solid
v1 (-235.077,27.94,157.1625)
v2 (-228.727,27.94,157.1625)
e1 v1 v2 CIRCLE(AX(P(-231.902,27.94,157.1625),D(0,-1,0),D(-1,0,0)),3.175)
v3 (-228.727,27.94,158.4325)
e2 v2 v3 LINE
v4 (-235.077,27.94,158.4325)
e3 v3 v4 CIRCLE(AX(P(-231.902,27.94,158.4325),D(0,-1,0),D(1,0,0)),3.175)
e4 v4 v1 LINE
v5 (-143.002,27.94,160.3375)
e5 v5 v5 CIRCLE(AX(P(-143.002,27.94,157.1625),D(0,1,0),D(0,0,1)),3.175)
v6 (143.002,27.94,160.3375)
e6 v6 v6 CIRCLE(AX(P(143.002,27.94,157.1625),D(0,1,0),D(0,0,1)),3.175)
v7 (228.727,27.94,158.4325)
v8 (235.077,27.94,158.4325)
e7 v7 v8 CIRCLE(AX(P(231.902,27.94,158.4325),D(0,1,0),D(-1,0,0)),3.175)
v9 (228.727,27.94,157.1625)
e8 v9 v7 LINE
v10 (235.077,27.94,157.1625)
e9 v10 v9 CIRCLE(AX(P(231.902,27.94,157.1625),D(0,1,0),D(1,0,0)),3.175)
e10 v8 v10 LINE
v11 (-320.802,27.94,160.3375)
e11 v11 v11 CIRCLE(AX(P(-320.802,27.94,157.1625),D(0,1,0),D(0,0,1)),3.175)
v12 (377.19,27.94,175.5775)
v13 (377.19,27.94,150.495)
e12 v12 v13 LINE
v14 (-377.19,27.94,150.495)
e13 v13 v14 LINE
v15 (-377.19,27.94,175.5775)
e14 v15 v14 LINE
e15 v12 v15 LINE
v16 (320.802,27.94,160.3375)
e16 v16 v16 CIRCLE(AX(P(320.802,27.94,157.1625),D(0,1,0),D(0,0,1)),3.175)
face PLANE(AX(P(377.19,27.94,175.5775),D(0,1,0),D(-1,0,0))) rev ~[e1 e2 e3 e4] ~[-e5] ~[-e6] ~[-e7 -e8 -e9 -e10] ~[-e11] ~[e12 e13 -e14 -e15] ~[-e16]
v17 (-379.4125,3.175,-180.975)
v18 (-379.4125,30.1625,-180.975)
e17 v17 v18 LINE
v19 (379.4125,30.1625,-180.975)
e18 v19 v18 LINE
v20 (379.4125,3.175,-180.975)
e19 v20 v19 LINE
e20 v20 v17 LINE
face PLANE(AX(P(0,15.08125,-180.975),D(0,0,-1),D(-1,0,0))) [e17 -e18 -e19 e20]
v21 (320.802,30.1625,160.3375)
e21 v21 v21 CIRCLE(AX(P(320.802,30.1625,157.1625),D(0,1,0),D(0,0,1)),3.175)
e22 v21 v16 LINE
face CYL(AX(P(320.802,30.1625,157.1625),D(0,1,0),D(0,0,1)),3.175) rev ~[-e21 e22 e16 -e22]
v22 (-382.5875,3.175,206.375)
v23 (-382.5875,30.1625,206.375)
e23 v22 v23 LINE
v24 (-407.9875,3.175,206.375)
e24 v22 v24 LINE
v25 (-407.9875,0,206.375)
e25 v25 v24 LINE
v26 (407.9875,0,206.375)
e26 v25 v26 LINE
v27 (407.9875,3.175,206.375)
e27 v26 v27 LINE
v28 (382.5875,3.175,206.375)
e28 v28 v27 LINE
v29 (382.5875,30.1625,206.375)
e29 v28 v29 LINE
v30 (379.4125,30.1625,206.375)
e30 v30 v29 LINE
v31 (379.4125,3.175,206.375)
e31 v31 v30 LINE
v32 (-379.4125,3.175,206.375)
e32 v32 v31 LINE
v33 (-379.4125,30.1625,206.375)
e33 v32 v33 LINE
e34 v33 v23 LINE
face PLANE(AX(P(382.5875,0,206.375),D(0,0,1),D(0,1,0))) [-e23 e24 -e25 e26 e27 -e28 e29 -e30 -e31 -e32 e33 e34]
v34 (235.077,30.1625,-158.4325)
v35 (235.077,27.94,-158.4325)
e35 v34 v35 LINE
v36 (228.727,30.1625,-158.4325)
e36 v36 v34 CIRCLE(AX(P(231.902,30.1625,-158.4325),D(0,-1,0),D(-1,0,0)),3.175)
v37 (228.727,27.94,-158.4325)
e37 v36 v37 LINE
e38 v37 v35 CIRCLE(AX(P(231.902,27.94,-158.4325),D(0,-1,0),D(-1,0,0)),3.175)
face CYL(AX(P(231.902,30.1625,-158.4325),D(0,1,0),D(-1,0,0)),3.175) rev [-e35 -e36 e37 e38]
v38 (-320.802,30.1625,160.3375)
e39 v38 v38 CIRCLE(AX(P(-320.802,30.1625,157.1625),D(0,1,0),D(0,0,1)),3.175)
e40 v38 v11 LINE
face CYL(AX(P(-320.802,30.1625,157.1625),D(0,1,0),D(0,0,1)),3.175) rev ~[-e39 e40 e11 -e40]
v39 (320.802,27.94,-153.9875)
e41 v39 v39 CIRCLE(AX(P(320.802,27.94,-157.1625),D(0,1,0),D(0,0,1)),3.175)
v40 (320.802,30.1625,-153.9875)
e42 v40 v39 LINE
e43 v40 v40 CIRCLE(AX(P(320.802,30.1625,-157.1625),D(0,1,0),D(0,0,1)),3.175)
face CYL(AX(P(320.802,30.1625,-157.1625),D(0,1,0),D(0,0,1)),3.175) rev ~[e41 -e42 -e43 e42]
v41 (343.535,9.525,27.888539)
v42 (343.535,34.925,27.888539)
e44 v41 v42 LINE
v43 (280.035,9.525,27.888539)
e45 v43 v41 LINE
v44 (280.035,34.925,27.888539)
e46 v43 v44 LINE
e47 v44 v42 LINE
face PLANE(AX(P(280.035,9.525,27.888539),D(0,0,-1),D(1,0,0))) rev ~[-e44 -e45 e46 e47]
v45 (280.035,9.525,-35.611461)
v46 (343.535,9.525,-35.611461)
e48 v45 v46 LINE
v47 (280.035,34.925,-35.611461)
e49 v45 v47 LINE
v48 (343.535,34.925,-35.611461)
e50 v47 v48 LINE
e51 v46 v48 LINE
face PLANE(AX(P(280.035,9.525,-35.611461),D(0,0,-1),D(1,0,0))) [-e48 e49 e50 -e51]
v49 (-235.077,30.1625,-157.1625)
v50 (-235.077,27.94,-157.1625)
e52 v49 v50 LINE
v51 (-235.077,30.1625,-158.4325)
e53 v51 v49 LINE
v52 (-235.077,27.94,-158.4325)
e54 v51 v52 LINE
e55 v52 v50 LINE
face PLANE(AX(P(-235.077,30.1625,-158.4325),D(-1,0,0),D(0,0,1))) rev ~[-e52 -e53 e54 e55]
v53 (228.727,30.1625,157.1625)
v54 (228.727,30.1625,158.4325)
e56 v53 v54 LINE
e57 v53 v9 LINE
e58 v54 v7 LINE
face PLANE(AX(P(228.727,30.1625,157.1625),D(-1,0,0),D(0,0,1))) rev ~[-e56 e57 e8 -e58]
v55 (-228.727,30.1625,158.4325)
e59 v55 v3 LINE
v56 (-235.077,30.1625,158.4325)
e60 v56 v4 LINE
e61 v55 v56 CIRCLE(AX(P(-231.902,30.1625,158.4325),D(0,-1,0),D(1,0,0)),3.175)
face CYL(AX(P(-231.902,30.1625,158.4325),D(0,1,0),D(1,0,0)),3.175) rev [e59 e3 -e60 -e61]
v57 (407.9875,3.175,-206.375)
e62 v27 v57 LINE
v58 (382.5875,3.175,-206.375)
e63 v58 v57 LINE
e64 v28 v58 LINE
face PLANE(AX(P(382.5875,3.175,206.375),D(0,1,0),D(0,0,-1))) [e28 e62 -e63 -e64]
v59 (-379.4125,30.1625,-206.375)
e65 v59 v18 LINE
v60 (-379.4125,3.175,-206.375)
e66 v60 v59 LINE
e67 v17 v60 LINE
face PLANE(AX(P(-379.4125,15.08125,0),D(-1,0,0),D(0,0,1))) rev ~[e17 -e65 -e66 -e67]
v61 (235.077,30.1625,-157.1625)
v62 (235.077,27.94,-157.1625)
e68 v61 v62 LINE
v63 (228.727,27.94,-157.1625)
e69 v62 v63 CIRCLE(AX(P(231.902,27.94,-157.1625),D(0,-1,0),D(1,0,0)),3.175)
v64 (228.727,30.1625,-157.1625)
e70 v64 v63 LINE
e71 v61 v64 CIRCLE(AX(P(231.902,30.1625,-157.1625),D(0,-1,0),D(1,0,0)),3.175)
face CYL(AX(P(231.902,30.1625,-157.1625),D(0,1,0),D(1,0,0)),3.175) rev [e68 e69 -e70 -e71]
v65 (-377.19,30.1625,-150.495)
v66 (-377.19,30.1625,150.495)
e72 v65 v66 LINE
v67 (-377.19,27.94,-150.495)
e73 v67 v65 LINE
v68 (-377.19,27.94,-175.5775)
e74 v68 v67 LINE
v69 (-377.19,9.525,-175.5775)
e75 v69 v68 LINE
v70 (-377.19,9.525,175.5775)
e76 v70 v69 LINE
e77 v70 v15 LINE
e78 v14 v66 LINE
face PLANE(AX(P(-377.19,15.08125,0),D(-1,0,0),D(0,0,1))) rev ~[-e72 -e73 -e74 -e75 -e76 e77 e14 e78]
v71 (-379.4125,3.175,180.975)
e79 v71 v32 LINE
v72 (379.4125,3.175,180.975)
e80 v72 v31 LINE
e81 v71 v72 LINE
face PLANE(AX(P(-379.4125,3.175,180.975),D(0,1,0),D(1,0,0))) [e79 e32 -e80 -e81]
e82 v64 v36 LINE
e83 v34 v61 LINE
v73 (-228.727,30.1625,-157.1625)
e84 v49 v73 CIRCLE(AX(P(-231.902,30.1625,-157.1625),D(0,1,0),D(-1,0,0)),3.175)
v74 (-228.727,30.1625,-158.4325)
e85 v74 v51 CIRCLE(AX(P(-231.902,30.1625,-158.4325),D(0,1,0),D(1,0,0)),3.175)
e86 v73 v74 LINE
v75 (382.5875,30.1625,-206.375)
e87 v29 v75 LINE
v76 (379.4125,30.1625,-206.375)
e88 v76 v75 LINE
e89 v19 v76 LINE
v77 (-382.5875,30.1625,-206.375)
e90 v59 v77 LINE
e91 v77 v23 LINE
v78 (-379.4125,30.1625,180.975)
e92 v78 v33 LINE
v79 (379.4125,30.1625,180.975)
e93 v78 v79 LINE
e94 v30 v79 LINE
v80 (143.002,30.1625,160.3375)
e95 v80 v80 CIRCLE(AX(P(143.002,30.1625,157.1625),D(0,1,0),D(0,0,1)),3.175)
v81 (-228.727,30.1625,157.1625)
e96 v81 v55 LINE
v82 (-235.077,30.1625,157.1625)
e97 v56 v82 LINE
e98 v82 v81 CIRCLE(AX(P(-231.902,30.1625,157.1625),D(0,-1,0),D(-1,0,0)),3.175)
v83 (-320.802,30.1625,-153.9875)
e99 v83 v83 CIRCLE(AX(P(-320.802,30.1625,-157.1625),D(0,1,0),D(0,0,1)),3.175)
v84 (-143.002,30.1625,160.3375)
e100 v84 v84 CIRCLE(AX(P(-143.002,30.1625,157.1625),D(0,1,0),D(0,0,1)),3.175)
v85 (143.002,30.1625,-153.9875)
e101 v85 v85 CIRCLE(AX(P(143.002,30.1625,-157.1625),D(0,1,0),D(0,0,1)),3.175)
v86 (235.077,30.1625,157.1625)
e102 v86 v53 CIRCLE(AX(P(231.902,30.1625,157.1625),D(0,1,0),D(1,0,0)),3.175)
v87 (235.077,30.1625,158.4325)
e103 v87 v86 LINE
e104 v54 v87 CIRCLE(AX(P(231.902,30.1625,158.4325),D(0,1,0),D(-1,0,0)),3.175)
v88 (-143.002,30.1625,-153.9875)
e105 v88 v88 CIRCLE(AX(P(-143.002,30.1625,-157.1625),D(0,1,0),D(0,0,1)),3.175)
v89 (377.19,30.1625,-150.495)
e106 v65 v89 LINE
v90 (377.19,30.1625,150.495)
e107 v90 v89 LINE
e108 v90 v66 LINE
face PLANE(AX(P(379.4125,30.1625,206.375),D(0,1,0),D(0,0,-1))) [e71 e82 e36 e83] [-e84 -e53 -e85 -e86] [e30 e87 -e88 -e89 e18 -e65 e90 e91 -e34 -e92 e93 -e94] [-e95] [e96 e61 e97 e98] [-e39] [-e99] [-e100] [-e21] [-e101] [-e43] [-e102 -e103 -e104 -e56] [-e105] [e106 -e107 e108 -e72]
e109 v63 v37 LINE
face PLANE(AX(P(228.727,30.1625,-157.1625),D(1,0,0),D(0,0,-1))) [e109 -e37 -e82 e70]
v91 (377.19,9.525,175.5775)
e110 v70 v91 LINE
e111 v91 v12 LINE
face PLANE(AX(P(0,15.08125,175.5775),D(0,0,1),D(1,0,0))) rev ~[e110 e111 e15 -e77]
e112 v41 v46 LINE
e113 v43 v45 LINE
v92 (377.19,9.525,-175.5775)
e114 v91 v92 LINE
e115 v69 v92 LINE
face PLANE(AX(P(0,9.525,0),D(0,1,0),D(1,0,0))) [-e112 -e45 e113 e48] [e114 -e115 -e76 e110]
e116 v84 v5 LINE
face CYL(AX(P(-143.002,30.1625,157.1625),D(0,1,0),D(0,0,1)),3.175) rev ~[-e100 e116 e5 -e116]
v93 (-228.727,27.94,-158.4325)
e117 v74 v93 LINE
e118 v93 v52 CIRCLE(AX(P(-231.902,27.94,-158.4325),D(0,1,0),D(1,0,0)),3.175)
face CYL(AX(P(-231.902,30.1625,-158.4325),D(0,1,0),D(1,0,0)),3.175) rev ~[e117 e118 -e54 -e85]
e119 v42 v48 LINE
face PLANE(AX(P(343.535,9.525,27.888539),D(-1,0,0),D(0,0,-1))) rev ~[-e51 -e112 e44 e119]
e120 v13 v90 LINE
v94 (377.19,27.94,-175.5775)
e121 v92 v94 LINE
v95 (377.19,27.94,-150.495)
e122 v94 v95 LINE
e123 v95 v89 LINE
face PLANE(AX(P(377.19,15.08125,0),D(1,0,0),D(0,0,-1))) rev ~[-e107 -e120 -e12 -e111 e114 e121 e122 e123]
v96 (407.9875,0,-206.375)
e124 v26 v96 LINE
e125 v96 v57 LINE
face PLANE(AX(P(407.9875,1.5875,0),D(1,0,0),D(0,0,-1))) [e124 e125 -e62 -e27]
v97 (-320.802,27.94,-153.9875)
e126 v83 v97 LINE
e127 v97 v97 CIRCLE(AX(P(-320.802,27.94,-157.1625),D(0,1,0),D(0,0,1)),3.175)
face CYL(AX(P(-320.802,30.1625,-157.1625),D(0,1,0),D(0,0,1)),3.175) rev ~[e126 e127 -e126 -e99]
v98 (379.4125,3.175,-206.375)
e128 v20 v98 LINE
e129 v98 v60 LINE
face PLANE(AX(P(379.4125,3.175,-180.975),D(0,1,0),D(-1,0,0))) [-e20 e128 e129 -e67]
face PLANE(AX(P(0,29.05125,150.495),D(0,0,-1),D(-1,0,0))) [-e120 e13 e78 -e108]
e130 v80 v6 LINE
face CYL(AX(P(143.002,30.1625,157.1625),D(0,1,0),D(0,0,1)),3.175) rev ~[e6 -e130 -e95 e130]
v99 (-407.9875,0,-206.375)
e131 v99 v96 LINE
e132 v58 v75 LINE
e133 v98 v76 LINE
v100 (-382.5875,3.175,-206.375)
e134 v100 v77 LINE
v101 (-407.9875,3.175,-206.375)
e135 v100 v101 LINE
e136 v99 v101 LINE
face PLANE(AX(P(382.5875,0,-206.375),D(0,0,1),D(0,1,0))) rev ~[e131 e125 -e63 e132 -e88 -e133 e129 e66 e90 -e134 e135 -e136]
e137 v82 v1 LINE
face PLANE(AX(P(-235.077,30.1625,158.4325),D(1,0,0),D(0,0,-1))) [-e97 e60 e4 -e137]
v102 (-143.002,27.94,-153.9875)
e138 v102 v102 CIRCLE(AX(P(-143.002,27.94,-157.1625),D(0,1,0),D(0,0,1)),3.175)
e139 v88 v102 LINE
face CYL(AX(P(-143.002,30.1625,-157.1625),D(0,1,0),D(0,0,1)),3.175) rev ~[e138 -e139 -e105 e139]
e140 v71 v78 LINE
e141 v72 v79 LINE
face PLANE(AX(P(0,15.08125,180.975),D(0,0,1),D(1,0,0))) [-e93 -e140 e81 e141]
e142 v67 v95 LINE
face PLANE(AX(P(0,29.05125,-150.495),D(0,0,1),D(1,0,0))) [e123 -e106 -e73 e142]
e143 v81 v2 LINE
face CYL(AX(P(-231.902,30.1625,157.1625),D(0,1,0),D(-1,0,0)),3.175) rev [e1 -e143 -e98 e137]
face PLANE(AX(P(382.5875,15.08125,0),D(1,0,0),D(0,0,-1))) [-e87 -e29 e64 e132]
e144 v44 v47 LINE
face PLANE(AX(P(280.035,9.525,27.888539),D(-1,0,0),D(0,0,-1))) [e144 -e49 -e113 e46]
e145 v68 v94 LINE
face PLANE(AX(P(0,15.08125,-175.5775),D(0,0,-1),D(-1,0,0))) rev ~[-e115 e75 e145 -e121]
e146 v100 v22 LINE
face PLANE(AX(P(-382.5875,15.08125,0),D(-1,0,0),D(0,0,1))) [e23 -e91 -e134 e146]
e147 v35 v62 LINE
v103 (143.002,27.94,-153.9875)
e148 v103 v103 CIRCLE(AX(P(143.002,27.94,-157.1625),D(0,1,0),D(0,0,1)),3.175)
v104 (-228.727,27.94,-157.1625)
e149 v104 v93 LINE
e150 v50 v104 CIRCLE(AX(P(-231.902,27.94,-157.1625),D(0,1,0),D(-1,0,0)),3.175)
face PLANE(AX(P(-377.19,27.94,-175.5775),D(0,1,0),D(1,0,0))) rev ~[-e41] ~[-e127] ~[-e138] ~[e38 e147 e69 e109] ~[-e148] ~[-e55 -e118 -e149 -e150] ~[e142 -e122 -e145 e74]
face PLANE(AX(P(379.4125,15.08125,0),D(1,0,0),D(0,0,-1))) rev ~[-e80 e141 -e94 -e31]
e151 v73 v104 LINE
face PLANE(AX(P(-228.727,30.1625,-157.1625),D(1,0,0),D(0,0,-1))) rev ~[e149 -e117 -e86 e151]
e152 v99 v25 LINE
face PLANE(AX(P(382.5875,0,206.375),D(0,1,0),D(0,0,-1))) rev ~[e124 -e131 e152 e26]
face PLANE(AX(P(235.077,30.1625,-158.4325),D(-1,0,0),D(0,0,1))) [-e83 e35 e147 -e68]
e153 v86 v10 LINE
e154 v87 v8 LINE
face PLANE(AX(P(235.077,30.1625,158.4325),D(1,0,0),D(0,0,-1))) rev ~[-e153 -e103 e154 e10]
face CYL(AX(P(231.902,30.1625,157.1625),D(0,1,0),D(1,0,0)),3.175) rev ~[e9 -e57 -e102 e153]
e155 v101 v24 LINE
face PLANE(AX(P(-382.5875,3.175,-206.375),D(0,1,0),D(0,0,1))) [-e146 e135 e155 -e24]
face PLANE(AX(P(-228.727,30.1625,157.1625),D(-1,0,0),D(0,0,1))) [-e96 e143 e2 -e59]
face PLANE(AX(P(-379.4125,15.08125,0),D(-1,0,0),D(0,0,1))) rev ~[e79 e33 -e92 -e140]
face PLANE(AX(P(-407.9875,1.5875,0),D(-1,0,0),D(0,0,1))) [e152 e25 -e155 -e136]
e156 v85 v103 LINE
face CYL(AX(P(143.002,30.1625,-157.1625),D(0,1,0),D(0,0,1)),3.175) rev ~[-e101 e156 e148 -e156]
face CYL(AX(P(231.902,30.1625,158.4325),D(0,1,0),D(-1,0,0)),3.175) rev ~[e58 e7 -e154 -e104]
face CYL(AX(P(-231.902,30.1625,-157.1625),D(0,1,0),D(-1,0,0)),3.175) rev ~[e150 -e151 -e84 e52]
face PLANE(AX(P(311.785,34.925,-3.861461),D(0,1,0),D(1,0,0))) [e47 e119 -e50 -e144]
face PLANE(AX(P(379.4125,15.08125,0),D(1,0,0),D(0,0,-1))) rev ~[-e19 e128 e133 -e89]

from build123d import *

# Parameters (mm, degrees)
SKETCH1_W            = 754.38
SKETCH1_H            = 351.155
BOSS_EXTRUDE1_DEPTH  = 9.525
SKETCH5_W            = 355.6
SKETCH5_H            = 30.1625
BOSS_EXTRUDE4_DEPTH  = 2.2225
SKETCH6_W            = 754.38
SKETCH6_H            = 30.1625
BOSS_EXTRUDE5_DEPTH  = 2.2225
SKETCH8_W            = 754.38
SKETCH8_H            = 30.1625
BOSS_EXTRUDE6_DEPTH  = 2.2225
SKETCH14_W           = 355.6
SKETCH14_H           = 30.1625
BOSS_EXTRUDE7_DEPTH  = 2.2225
SKETCH16_W           = 754.38
SKETCH16_H           = 2.2225
BOSS_EXTRUDE8_DEPTH  = 25.0825
SKETCH17_W           = 754.38
SKETCH17_H           = 2.2225
BOSS_EXTRUDE9_DEPTH  = 25.0825
CUT_EXTRUDE1_DEPTH   = 2.2225
SKETCH21_R           = 3.175
CUT_EXTRUDE3_DEPTH   = 2.2225
SKETCH22_W           = 758.825
SKETCH22_H           = 30.1625
BOSS_EXTRUDE10_DEPTH = 3.175
SKETCH23_W           = 758.825
SKETCH23_H           = 3.175
BOSS_EXTRUDE11_DEPTH = 25.4
SKETCH24_W           = 758.825
SKETCH24_H           = 30.1625
BOSS_EXTRUDE12_DEPTH = 3.175
SKETCH25_W           = 758.825
SKETCH25_H           = 3.175
BOSS_EXTRUDE13_DEPTH = 25.4
SKETCH26_W           = 412.75
SKETCH26_H           = 30.1625
BOSS_EXTRUDE14_DEPTH = 3.175
SKETCH27_W           = 412.75
SKETCH27_H           = 3.175
BOSS_EXTRUDE15_DEPTH = 25.4
SKETCH28_W           = 412.75
SKETCH28_H           = 30.1625
BOSS_EXTRUDE16_DEPTH = 3.175
SKETCH29_W           = 412.75
SKETCH29_H           = 3.175
BOSS_EXTRUDE17_DEPTH = 25.4
SKETCH30_W           = 63.5
SKETCH30_H           = 63.5
BOSS_EXTRUDE18_DEPTH = 25.4


with BuildPart() as part:
    # Sketch1 → Boss-Extrude1 (new body)
    with BuildSketch(Plane(origin=(0, 0, 0), x_dir=(1, 0, 0), z_dir=(0, 1, 0))):
        Rectangle(SKETCH1_W, SKETCH1_H)
    extrude(amount=BOSS_EXTRUDE1_DEPTH)

    # Sketch5 → Boss-Extrude4 (add)
    with BuildSketch(Plane.ZY.offset(377.19)):
        with Locations((0, 15.08125)):
            Rectangle(SKETCH5_W, SKETCH5_H)
    extrude(amount=BOSS_EXTRUDE4_DEPTH)

    # Sketch6 → Boss-Extrude5 (add)
    with BuildSketch(Plane.XY.offset(175.5775)):
        with Locations((0, 15.08125)):
            Rectangle(SKETCH6_W, SKETCH6_H)
    extrude(amount=BOSS_EXTRUDE5_DEPTH)

    # Sketch8 → Boss-Extrude6 (add)
    with BuildSketch(Plane(origin=(0, 0, -175.5775), x_dir=(-1, 0, 0), z_dir=(0, 0, -1))):
        with Locations((0, 15.08125)):
            Rectangle(SKETCH8_W, SKETCH8_H)
    extrude(amount=BOSS_EXTRUDE6_DEPTH)

    # Sketch14 → Boss-Extrude7 (add)
    with BuildSketch(Plane(origin=(377.19, 0, 0), x_dir=(0, 0, -1), z_dir=(1, 0, 0))):
        with Locations((0, 15.08125)):
            Rectangle(SKETCH14_W, SKETCH14_H)
    extrude(amount=BOSS_EXTRUDE7_DEPTH)

    # Sketch16 → Boss-Extrude8 (add)
    with BuildSketch(Plane.XY.offset(-175.5775)):
        with Locations((0, 29.05125)):
            Rectangle(SKETCH16_W, SKETCH16_H)
    extrude(amount=BOSS_EXTRUDE8_DEPTH)

    # Sketch17 → Boss-Extrude9 (add)
    with BuildSketch(Plane(origin=(0, 0, 175.5775), x_dir=(-1, 0, 0), z_dir=(0, 0, -1))):
        with Locations((0, 29.05125)):
            Rectangle(SKETCH17_W, SKETCH17_H)
    extrude(amount=BOSS_EXTRUDE9_DEPTH)

    # Sketch19 → Cut-Extrude1 (cut)
    with BuildSketch(Plane(origin=(0, 30.1625, 0), x_dir=(1, 0, 0), z_dir=(0, 1, 0))):
        with BuildLine():
            Line((-228.727, 157.1625), (-228.727, 158.4325))
            ThreePointArc((-228.727, 158.4325), (-231.902, 161.6075), (-235.077, 158.4325))
            Line((-235.077, 158.4325), (-235.077, 157.1625))
            ThreePointArc((-235.077, 157.1625), (-231.902, 153.9875), (-228.727, 157.1625))
        make_face()
        with BuildLine():
            Line((-235.077, -158.4325), (-235.077, -157.1625))
            ThreePointArc((-235.077, -157.1625), (-231.902, -153.9875), (-228.727, -157.1625))
            Line((-228.727, -157.1625), (-228.727, -158.4325))
            ThreePointArc((-228.727, -158.4325), (-231.902, -161.6075), (-235.077, -158.4325))
        make_face()
        with BuildLine():
            Line((228.727, -157.1625), (228.727, -158.4325))
            ThreePointArc((228.727, -158.4325), (231.902, -161.6075), (235.077, -158.4325))
            Line((235.077, -158.4325), (235.077, -157.1625))
            ThreePointArc((235.077, -157.1625), (231.902, -153.9875), (228.727, -157.1625))
        make_face()
        with BuildLine():
            Line((228.727, 157.1625), (228.727, 158.4325))
            ThreePointArc((228.727, 158.4325), (231.902, 161.6075), (235.077, 158.4325))
            Line((235.077, 158.4325), (235.077, 157.1625))
            ThreePointArc((235.077, 157.1625), (231.902, 153.9875), (228.727, 157.1625))
        make_face()
    extrude(amount=-CUT_EXTRUDE1_DEPTH, mode=Mode.SUBTRACT)

    # Sketch21 → Cut-Extrude3 (cut)
    with BuildSketch(Plane(origin=(0, 30.1625, 0), x_dir=(1, 0, 0), z_dir=(0, 1, 0))):
        with Locations(Location((-143.002, -157.1625, 0), (0, 0, 270))):
            Circle(SKETCH21_R)
        with Locations(Location((-143.002, 157.1625, 0), (0, 0, 270))):
            Circle(SKETCH21_R)
        with Locations(Location((-320.802, -157.1625, 0), (0, 0, 270))):
            Circle(SKETCH21_R)
        with Locations(Location((-320.802, 157.1625, 0), (0, 0, 270))):
            Circle(SKETCH21_R)
        with Locations(Location((143.002, 157.1625, 0), (0, 0, 270))):
            Circle(SKETCH21_R)
        with Locations(Location((320.802, 157.1625, 0), (0, 0, 270))):
            Circle(SKETCH21_R)
        with Locations(Location((143.002, -157.1625, 0), (0, 0, 270))):
            Circle(SKETCH21_R)
        with Locations(Location((320.802, -157.1625, 0), (0, 0, 270))):
            Circle(SKETCH21_R)
    extrude(amount=-CUT_EXTRUDE3_DEPTH, mode=Mode.SUBTRACT)

    # Sketch22 → Boss-Extrude10 (add)
    with BuildSketch(Plane.XY.offset(177.8)):
        with Locations((0, 15.08125)):
            Rectangle(SKETCH22_W, SKETCH22_H)
    extrude(amount=BOSS_EXTRUDE10_DEPTH)

    # Sketch23 → Boss-Extrude11 (add)
    with BuildSketch(Plane.XY.offset(180.975)):
        with Locations((0, 1.5875)):
            Rectangle(SKETCH23_W, SKETCH23_H)
    extrude(amount=BOSS_EXTRUDE11_DEPTH)

    # Sketch24 → Boss-Extrude12 (add)
    with BuildSketch(Plane(origin=(0, 0, -177.8), x_dir=(-1, 0, 0), z_dir=(0, 0, -1))):
        with Locations((0, 15.08125)):
            Rectangle(SKETCH24_W, SKETCH24_H)
    extrude(amount=BOSS_EXTRUDE12_DEPTH)

    # Sketch25 → Boss-Extrude13 (add)
    with BuildSketch(Plane(origin=(0, 0, -180.975), x_dir=(-1, 0, 0), z_dir=(0, 0, -1))):
        with Locations((0, 1.5875)):
            Rectangle(SKETCH25_W, SKETCH25_H)
    extrude(amount=BOSS_EXTRUDE13_DEPTH)

    # Sketch26 → Boss-Extrude14 (add)
    with BuildSketch(Plane.ZY.offset(379.4125)):
        with Locations((0, 15.08125)):
            Rectangle(SKETCH26_W, SKETCH26_H)
    extrude(amount=BOSS_EXTRUDE14_DEPTH)

    # Sketch27 → Boss-Extrude15 (add)
    with BuildSketch(Plane.ZY.offset(382.5875)):
        with Locations((0, 1.5875)):
            Rectangle(SKETCH27_W, SKETCH27_H)
    extrude(amount=BOSS_EXTRUDE15_DEPTH)

    # Sketch28 → Boss-Extrude16 (add)
    with BuildSketch(Plane(origin=(379.4125, 0, 0), x_dir=(0, 0, -1), z_dir=(1, 0, 0))):
        with Locations((0, 15.08125)):
            Rectangle(SKETCH28_W, SKETCH28_H)
    extrude(amount=BOSS_EXTRUDE16_DEPTH)

    # Sketch29 → Boss-Extrude17 (add)
    with BuildSketch(Plane(origin=(382.5875, 0, 0), x_dir=(0, 0, -1), z_dir=(1, 0, 0))):
        with Locations((0, 1.5875)):
            Rectangle(SKETCH29_W, SKETCH29_H)
    extrude(amount=BOSS_EXTRUDE17_DEPTH)

    # Sketch30 → Boss-Extrude18 (add)
    with BuildSketch(Plane(origin=(0, 9.525, 0), x_dir=(1, 0, 0), z_dir=(0, 1, 0))):
        with Locations((311.785, 3.861461092)):
            Rectangle(SKETCH30_W, SKETCH30_H)
    extrude(amount=BOSS_EXTRUDE18_DEPTH)


solid = part.part
